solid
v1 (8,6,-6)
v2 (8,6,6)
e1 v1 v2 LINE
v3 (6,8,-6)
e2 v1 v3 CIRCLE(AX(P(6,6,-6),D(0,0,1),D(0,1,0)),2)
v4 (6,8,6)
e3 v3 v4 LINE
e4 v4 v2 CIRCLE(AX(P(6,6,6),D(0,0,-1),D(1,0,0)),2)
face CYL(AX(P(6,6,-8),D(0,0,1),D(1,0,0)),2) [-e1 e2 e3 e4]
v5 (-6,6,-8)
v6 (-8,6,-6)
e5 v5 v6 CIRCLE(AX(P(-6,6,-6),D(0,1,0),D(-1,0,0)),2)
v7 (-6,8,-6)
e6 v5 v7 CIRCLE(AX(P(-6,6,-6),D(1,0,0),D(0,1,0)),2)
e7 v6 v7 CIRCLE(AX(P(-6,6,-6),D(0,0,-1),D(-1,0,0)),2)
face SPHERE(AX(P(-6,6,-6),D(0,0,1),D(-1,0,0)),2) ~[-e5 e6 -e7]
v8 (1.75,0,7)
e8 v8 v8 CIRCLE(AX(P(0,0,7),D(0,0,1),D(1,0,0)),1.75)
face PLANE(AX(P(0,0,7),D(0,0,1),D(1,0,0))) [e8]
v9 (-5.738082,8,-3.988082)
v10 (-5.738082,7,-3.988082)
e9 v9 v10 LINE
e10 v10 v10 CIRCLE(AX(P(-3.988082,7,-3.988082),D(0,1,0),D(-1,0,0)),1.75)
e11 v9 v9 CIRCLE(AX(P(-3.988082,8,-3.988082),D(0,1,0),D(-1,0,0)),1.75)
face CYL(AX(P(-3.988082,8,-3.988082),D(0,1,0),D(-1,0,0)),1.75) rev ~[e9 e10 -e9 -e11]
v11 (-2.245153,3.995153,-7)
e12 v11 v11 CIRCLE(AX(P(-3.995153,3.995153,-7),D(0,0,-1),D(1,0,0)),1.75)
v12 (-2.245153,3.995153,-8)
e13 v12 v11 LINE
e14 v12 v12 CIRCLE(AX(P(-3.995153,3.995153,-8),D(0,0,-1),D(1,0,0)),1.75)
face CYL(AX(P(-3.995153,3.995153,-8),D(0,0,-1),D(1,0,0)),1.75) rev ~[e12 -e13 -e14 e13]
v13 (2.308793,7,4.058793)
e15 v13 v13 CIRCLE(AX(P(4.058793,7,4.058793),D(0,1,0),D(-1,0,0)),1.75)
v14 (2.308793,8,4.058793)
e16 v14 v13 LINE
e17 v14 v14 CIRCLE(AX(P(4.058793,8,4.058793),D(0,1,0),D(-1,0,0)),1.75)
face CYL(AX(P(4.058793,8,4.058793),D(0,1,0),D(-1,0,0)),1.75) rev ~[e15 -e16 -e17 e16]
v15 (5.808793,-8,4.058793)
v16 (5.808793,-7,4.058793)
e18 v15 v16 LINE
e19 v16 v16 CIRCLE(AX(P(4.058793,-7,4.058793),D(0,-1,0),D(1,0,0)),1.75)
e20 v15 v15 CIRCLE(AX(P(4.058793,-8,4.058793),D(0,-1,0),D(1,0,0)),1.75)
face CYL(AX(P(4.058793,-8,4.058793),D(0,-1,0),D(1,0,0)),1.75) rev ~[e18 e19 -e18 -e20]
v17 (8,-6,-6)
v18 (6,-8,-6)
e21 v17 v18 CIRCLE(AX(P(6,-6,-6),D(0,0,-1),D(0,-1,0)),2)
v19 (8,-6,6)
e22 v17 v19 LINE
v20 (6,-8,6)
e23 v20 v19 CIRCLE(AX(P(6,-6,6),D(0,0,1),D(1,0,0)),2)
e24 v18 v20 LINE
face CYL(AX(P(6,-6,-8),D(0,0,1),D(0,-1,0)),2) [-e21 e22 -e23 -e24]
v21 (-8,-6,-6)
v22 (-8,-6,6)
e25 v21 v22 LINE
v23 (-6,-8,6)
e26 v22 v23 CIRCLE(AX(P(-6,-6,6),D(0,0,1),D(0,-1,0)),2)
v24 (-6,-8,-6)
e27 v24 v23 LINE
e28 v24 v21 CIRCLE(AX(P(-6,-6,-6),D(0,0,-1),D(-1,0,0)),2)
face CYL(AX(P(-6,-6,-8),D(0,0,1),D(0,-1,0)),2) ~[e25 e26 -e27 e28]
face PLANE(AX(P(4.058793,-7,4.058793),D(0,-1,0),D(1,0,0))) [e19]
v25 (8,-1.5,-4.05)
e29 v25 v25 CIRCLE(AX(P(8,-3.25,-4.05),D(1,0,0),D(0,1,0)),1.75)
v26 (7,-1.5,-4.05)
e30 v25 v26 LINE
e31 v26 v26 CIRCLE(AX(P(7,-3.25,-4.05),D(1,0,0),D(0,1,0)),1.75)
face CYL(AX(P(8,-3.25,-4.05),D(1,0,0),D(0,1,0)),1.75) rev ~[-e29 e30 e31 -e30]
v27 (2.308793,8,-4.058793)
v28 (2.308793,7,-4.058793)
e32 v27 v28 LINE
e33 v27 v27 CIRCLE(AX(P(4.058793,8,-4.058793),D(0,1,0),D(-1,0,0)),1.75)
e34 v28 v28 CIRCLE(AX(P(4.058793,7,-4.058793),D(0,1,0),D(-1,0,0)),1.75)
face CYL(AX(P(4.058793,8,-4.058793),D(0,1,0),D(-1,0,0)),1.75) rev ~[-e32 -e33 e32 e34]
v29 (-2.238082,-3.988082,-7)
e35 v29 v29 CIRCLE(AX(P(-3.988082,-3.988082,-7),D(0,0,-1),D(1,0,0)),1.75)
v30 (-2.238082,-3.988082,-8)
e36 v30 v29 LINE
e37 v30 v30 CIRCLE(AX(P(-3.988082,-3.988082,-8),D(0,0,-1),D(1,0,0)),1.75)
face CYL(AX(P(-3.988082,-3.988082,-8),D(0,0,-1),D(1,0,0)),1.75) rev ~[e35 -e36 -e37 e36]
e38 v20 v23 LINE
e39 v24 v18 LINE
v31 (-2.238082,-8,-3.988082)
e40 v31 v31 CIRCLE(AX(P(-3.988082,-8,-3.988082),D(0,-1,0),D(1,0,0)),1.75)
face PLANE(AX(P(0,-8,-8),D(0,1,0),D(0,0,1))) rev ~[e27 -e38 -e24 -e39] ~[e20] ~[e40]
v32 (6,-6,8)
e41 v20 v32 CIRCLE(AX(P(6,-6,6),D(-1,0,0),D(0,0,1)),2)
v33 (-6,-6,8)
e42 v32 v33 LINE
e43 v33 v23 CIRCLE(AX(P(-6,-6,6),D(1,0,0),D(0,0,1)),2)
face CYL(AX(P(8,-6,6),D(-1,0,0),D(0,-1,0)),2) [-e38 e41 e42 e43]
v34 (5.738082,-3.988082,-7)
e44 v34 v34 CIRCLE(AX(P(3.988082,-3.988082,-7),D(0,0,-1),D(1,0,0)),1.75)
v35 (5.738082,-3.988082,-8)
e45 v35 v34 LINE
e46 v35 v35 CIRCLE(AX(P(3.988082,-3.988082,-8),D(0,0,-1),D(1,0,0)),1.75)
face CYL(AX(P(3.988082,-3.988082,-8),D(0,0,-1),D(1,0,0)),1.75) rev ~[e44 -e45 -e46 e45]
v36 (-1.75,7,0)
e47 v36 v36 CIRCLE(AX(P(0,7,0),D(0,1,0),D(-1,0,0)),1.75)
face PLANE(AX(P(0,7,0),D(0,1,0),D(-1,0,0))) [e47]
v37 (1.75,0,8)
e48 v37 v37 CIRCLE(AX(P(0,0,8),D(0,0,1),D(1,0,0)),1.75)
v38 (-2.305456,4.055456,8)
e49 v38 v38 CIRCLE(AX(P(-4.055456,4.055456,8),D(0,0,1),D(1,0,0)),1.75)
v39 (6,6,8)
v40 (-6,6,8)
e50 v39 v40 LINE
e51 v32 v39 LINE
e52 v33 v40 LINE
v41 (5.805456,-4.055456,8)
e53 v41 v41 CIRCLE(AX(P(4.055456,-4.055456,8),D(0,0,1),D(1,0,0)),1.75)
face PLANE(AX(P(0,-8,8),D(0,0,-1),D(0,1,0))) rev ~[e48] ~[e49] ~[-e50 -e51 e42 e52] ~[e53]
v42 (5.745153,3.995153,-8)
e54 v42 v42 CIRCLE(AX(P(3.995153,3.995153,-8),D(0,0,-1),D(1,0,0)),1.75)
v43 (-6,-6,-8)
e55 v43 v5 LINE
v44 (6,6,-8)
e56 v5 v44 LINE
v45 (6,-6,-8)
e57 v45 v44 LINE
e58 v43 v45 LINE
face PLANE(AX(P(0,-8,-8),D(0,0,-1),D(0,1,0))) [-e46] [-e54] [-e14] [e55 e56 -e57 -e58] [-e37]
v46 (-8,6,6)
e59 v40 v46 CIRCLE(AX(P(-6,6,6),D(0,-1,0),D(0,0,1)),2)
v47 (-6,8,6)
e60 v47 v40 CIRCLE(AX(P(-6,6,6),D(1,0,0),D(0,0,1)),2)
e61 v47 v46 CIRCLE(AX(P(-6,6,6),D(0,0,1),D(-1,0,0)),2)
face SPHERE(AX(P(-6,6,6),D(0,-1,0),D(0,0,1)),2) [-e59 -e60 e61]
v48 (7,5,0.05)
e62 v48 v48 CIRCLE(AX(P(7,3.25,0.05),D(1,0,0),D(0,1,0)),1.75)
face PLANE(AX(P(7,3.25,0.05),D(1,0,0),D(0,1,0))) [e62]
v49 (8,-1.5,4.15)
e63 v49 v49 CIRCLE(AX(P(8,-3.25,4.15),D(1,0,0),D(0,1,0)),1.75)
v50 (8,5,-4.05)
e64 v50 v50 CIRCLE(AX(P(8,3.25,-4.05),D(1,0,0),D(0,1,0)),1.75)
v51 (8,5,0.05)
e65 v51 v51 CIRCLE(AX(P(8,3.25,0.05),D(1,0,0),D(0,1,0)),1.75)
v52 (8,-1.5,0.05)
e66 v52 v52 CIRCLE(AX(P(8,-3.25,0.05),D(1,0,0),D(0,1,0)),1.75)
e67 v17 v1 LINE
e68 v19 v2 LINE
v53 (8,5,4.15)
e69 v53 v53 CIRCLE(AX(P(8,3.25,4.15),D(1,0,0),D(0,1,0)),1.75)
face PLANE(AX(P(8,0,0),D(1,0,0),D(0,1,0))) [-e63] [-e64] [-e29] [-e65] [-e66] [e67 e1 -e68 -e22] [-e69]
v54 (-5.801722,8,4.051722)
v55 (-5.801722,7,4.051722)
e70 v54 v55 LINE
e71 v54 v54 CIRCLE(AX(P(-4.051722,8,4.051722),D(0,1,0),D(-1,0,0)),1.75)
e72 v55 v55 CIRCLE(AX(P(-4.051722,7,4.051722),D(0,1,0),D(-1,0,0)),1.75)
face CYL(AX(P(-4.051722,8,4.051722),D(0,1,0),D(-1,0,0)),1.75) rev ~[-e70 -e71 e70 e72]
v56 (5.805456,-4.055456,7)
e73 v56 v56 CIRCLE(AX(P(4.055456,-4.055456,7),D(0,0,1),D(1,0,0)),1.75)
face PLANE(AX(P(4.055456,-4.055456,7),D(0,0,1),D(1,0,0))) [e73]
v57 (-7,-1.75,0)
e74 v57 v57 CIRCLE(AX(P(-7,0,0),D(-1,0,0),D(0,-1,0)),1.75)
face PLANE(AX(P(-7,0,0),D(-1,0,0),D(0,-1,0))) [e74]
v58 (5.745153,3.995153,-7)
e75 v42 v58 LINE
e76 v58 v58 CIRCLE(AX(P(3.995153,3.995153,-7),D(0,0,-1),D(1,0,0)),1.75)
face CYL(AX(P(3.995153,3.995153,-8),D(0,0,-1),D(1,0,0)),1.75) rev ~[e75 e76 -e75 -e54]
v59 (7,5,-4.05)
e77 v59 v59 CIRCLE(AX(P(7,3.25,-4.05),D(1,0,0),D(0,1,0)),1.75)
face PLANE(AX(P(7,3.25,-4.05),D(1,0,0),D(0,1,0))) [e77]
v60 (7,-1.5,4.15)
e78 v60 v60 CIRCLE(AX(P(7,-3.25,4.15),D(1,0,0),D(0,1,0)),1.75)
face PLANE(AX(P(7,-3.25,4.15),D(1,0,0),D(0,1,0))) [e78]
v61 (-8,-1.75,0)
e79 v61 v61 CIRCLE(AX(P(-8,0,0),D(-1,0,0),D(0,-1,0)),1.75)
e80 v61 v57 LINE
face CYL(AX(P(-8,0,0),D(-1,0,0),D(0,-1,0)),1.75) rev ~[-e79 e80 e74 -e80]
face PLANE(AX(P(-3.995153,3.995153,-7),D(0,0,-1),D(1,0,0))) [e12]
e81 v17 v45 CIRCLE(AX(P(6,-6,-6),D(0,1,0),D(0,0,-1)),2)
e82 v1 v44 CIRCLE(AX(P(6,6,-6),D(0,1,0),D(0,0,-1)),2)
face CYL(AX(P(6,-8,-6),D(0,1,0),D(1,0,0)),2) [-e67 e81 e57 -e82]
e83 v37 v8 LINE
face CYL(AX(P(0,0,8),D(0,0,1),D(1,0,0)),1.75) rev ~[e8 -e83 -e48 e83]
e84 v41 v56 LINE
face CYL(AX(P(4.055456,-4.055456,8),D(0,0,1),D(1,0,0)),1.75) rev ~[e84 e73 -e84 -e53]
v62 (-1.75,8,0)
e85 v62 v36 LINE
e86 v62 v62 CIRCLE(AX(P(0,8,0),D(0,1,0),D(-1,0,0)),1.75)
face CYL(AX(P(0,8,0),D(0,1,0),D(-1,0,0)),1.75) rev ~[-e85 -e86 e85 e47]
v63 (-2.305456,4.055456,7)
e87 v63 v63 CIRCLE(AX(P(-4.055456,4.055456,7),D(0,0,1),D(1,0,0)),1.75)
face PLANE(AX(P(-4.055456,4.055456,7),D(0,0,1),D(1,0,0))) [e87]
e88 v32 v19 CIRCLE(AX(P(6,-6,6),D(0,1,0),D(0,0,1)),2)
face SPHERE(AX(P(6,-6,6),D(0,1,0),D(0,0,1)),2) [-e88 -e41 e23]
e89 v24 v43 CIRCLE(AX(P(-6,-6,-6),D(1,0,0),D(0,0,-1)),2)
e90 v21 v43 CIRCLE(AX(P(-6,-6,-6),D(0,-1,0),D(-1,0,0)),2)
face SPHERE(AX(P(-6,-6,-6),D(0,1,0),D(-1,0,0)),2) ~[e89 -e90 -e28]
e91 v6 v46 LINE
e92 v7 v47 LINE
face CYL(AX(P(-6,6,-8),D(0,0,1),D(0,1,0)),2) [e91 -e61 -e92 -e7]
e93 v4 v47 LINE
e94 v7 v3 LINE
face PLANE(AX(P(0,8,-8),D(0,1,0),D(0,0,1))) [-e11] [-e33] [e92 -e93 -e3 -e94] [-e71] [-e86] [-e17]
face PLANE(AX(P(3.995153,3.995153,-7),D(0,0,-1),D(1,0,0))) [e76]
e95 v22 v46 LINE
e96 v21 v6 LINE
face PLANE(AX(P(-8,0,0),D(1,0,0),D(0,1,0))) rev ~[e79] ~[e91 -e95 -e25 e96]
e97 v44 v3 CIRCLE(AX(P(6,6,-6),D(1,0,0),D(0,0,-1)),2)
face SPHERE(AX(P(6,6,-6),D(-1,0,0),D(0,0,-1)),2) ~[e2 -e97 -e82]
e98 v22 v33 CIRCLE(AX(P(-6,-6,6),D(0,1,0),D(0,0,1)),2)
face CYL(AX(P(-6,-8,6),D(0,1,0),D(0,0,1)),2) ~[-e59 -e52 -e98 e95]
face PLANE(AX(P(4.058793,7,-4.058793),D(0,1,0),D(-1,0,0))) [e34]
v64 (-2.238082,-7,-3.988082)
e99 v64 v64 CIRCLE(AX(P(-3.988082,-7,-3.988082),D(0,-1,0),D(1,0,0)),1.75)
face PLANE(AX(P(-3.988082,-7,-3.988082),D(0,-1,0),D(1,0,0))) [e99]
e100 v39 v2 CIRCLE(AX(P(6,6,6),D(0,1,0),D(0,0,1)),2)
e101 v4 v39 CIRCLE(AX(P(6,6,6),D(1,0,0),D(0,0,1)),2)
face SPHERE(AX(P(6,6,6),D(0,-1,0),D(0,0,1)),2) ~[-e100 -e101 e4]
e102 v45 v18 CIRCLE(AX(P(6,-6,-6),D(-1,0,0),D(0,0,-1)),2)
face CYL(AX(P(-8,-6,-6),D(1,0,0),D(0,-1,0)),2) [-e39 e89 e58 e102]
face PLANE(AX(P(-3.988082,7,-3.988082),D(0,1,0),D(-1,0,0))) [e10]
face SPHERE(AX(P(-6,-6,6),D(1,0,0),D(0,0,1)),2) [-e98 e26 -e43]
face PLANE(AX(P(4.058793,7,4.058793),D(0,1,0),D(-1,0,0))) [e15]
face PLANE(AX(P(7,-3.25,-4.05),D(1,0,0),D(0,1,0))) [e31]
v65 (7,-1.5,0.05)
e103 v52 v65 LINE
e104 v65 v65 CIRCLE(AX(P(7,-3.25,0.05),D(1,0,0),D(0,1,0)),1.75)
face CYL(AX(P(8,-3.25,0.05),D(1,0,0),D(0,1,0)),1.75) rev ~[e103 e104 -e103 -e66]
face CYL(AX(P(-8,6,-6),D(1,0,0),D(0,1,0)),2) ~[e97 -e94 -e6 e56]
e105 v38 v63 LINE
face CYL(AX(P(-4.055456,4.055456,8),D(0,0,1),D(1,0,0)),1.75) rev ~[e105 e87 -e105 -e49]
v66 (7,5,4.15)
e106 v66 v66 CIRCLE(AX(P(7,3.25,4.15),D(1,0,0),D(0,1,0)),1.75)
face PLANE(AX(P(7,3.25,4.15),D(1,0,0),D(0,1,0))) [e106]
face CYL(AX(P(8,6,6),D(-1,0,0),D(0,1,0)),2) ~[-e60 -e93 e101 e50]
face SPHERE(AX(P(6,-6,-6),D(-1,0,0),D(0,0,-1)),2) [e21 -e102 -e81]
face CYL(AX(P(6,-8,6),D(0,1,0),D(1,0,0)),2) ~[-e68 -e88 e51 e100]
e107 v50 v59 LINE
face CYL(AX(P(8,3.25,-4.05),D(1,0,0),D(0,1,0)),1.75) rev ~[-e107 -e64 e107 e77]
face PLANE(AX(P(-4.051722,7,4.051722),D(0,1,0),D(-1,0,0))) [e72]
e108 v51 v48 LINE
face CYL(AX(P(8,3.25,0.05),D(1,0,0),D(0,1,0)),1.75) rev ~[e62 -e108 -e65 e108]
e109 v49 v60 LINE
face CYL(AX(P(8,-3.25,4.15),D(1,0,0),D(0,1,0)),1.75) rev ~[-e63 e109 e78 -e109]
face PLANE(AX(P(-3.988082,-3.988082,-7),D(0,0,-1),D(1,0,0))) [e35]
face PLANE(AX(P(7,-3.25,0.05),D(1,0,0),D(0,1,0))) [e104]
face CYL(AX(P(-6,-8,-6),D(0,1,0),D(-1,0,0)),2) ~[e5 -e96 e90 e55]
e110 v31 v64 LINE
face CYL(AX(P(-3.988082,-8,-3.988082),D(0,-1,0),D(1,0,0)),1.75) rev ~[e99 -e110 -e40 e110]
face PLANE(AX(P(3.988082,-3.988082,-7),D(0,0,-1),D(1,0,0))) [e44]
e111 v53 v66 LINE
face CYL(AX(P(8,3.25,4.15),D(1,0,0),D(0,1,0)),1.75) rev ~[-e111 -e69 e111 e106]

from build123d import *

# Parameters (mm, degrees)
F0_W      = 16
F0_H      = 16
F1_DEPTH  = 8
F2_R      = 2
F3_R      = 1.75
F4_DEPTH  = 1
F5_R      = 1.75
F6_DEPTH  = 1
F7_R      = 1.75
F8_DEPTH  = 1
F9_R      = 1.75
F10_DEPTH = 1
F11_R     = 1.75
F12_DEPTH = 1
F13_R     = 1.75
F14_DEPTH = 1


with BuildPart() as f1:
    # F0 (on Right) → F1 (new body, symmetric)
    with BuildSketch(Plane.YZ):
        Rectangle(F0_W, F0_H)
    extrude(amount=F1_DEPTH, both=True)

    # F2
    f2_edges = [f1.edges().sort_by_distance(p)[0] for p in [
        (8, 0, 8),
        (0, -8, 8),
        (-8, 0, 8),
        (0, 8, 8),
        (-8, 8, 0),
        (-8, 0, -8),
        (-8, -8, 0),
        (0, 8, -8),
        (0, -8, -8),
        (8, 0, -8),
        (8, 8, 0),
        (8, -8, 0),
    ]]
    fillet(f2_edges, radius=F2_R)

    # F3 (on face) → F4 (cut)
    with BuildSketch(Plane.YZ.offset(8)):
        with Locations((-3.25, 4.15)):
            Circle(F3_R)
        with Locations((-3.25, 0.05)):
            Circle(F3_R)
        with Locations((-3.25, -4.05)):
            Circle(F3_R)
        with Locations((3.25, -4.05)):
            Circle(F3_R)
        with Locations((3.25, 0.05)):
            Circle(F3_R)
        with Locations((3.25, 4.15)):
            Circle(F3_R)
    extrude(amount=-F4_DEPTH, mode=Mode.SUBTRACT)

    # F5 (on face) → F6 (cut)
    with BuildSketch(Plane.XY.offset(8)):
        with Locations((-1e-06, 1e-06)):
            Circle(F5_R)
        with Locations((-4.055456, 4.055456)):
            Circle(F5_R)
        with Locations((4.055456, -4.055456)):
            Circle(F5_R)
    extrude(amount=-F6_DEPTH, mode=Mode.SUBTRACT)

    # F7 (on face) → F8 (cut)
    with BuildSketch(Plane(origin=(0, 8, 0), x_dir=(-1, 0, 0), z_dir=(0, 1, 0))):
        Circle(F7_R)
        with Locations((-4.058793, 4.058793)):
            Circle(F7_R)
        with Locations((3.988082, -3.988082)):
            Circle(F7_R)
        with Locations((4.051722, 4.051722)):
            Circle(F7_R)
        with Locations((-4.058793, -4.058793)):
            Circle(F7_R)
    extrude(amount=-F8_DEPTH, mode=Mode.SUBTRACT)

    # F9 (on face) → F10 (cut)
    with BuildSketch(Plane(origin=(-8, 0, 0), x_dir=(0, -1, 0), z_dir=(-1, 0, 0))):
        Circle(F9_R)
    extrude(amount=-F10_DEPTH, mode=Mode.SUBTRACT)

    # F11 (on face) → F12 (cut)
    with BuildSketch(Plane(origin=(0, 0, -8), x_dir=(1, 0, 0), z_dir=(0, 0, -1))):
        with Locations((-3.988082, 3.988082)):
            Circle(F11_R)
        with Locations((-3.995153, -3.995153)):
            Circle(F11_R)
        with Locations((3.988082, 3.988082)):
            Circle(F11_R)
        with Locations((3.995153, -3.995153)):
            Circle(F11_R)
    extrude(amount=-F12_DEPTH, mode=Mode.SUBTRACT)

    # F13 (on face) → F14 (cut)
    with BuildSketch(Plane.XZ.offset(8)):
        with Locations((4.058793, 4.058793)):
            Circle(F13_R)
        with Locations((-3.988082, -3.988082)):
            Circle(F13_R)
    extrude(amount=-F14_DEPTH, mode=Mode.SUBTRACT)


solid = f1.part
